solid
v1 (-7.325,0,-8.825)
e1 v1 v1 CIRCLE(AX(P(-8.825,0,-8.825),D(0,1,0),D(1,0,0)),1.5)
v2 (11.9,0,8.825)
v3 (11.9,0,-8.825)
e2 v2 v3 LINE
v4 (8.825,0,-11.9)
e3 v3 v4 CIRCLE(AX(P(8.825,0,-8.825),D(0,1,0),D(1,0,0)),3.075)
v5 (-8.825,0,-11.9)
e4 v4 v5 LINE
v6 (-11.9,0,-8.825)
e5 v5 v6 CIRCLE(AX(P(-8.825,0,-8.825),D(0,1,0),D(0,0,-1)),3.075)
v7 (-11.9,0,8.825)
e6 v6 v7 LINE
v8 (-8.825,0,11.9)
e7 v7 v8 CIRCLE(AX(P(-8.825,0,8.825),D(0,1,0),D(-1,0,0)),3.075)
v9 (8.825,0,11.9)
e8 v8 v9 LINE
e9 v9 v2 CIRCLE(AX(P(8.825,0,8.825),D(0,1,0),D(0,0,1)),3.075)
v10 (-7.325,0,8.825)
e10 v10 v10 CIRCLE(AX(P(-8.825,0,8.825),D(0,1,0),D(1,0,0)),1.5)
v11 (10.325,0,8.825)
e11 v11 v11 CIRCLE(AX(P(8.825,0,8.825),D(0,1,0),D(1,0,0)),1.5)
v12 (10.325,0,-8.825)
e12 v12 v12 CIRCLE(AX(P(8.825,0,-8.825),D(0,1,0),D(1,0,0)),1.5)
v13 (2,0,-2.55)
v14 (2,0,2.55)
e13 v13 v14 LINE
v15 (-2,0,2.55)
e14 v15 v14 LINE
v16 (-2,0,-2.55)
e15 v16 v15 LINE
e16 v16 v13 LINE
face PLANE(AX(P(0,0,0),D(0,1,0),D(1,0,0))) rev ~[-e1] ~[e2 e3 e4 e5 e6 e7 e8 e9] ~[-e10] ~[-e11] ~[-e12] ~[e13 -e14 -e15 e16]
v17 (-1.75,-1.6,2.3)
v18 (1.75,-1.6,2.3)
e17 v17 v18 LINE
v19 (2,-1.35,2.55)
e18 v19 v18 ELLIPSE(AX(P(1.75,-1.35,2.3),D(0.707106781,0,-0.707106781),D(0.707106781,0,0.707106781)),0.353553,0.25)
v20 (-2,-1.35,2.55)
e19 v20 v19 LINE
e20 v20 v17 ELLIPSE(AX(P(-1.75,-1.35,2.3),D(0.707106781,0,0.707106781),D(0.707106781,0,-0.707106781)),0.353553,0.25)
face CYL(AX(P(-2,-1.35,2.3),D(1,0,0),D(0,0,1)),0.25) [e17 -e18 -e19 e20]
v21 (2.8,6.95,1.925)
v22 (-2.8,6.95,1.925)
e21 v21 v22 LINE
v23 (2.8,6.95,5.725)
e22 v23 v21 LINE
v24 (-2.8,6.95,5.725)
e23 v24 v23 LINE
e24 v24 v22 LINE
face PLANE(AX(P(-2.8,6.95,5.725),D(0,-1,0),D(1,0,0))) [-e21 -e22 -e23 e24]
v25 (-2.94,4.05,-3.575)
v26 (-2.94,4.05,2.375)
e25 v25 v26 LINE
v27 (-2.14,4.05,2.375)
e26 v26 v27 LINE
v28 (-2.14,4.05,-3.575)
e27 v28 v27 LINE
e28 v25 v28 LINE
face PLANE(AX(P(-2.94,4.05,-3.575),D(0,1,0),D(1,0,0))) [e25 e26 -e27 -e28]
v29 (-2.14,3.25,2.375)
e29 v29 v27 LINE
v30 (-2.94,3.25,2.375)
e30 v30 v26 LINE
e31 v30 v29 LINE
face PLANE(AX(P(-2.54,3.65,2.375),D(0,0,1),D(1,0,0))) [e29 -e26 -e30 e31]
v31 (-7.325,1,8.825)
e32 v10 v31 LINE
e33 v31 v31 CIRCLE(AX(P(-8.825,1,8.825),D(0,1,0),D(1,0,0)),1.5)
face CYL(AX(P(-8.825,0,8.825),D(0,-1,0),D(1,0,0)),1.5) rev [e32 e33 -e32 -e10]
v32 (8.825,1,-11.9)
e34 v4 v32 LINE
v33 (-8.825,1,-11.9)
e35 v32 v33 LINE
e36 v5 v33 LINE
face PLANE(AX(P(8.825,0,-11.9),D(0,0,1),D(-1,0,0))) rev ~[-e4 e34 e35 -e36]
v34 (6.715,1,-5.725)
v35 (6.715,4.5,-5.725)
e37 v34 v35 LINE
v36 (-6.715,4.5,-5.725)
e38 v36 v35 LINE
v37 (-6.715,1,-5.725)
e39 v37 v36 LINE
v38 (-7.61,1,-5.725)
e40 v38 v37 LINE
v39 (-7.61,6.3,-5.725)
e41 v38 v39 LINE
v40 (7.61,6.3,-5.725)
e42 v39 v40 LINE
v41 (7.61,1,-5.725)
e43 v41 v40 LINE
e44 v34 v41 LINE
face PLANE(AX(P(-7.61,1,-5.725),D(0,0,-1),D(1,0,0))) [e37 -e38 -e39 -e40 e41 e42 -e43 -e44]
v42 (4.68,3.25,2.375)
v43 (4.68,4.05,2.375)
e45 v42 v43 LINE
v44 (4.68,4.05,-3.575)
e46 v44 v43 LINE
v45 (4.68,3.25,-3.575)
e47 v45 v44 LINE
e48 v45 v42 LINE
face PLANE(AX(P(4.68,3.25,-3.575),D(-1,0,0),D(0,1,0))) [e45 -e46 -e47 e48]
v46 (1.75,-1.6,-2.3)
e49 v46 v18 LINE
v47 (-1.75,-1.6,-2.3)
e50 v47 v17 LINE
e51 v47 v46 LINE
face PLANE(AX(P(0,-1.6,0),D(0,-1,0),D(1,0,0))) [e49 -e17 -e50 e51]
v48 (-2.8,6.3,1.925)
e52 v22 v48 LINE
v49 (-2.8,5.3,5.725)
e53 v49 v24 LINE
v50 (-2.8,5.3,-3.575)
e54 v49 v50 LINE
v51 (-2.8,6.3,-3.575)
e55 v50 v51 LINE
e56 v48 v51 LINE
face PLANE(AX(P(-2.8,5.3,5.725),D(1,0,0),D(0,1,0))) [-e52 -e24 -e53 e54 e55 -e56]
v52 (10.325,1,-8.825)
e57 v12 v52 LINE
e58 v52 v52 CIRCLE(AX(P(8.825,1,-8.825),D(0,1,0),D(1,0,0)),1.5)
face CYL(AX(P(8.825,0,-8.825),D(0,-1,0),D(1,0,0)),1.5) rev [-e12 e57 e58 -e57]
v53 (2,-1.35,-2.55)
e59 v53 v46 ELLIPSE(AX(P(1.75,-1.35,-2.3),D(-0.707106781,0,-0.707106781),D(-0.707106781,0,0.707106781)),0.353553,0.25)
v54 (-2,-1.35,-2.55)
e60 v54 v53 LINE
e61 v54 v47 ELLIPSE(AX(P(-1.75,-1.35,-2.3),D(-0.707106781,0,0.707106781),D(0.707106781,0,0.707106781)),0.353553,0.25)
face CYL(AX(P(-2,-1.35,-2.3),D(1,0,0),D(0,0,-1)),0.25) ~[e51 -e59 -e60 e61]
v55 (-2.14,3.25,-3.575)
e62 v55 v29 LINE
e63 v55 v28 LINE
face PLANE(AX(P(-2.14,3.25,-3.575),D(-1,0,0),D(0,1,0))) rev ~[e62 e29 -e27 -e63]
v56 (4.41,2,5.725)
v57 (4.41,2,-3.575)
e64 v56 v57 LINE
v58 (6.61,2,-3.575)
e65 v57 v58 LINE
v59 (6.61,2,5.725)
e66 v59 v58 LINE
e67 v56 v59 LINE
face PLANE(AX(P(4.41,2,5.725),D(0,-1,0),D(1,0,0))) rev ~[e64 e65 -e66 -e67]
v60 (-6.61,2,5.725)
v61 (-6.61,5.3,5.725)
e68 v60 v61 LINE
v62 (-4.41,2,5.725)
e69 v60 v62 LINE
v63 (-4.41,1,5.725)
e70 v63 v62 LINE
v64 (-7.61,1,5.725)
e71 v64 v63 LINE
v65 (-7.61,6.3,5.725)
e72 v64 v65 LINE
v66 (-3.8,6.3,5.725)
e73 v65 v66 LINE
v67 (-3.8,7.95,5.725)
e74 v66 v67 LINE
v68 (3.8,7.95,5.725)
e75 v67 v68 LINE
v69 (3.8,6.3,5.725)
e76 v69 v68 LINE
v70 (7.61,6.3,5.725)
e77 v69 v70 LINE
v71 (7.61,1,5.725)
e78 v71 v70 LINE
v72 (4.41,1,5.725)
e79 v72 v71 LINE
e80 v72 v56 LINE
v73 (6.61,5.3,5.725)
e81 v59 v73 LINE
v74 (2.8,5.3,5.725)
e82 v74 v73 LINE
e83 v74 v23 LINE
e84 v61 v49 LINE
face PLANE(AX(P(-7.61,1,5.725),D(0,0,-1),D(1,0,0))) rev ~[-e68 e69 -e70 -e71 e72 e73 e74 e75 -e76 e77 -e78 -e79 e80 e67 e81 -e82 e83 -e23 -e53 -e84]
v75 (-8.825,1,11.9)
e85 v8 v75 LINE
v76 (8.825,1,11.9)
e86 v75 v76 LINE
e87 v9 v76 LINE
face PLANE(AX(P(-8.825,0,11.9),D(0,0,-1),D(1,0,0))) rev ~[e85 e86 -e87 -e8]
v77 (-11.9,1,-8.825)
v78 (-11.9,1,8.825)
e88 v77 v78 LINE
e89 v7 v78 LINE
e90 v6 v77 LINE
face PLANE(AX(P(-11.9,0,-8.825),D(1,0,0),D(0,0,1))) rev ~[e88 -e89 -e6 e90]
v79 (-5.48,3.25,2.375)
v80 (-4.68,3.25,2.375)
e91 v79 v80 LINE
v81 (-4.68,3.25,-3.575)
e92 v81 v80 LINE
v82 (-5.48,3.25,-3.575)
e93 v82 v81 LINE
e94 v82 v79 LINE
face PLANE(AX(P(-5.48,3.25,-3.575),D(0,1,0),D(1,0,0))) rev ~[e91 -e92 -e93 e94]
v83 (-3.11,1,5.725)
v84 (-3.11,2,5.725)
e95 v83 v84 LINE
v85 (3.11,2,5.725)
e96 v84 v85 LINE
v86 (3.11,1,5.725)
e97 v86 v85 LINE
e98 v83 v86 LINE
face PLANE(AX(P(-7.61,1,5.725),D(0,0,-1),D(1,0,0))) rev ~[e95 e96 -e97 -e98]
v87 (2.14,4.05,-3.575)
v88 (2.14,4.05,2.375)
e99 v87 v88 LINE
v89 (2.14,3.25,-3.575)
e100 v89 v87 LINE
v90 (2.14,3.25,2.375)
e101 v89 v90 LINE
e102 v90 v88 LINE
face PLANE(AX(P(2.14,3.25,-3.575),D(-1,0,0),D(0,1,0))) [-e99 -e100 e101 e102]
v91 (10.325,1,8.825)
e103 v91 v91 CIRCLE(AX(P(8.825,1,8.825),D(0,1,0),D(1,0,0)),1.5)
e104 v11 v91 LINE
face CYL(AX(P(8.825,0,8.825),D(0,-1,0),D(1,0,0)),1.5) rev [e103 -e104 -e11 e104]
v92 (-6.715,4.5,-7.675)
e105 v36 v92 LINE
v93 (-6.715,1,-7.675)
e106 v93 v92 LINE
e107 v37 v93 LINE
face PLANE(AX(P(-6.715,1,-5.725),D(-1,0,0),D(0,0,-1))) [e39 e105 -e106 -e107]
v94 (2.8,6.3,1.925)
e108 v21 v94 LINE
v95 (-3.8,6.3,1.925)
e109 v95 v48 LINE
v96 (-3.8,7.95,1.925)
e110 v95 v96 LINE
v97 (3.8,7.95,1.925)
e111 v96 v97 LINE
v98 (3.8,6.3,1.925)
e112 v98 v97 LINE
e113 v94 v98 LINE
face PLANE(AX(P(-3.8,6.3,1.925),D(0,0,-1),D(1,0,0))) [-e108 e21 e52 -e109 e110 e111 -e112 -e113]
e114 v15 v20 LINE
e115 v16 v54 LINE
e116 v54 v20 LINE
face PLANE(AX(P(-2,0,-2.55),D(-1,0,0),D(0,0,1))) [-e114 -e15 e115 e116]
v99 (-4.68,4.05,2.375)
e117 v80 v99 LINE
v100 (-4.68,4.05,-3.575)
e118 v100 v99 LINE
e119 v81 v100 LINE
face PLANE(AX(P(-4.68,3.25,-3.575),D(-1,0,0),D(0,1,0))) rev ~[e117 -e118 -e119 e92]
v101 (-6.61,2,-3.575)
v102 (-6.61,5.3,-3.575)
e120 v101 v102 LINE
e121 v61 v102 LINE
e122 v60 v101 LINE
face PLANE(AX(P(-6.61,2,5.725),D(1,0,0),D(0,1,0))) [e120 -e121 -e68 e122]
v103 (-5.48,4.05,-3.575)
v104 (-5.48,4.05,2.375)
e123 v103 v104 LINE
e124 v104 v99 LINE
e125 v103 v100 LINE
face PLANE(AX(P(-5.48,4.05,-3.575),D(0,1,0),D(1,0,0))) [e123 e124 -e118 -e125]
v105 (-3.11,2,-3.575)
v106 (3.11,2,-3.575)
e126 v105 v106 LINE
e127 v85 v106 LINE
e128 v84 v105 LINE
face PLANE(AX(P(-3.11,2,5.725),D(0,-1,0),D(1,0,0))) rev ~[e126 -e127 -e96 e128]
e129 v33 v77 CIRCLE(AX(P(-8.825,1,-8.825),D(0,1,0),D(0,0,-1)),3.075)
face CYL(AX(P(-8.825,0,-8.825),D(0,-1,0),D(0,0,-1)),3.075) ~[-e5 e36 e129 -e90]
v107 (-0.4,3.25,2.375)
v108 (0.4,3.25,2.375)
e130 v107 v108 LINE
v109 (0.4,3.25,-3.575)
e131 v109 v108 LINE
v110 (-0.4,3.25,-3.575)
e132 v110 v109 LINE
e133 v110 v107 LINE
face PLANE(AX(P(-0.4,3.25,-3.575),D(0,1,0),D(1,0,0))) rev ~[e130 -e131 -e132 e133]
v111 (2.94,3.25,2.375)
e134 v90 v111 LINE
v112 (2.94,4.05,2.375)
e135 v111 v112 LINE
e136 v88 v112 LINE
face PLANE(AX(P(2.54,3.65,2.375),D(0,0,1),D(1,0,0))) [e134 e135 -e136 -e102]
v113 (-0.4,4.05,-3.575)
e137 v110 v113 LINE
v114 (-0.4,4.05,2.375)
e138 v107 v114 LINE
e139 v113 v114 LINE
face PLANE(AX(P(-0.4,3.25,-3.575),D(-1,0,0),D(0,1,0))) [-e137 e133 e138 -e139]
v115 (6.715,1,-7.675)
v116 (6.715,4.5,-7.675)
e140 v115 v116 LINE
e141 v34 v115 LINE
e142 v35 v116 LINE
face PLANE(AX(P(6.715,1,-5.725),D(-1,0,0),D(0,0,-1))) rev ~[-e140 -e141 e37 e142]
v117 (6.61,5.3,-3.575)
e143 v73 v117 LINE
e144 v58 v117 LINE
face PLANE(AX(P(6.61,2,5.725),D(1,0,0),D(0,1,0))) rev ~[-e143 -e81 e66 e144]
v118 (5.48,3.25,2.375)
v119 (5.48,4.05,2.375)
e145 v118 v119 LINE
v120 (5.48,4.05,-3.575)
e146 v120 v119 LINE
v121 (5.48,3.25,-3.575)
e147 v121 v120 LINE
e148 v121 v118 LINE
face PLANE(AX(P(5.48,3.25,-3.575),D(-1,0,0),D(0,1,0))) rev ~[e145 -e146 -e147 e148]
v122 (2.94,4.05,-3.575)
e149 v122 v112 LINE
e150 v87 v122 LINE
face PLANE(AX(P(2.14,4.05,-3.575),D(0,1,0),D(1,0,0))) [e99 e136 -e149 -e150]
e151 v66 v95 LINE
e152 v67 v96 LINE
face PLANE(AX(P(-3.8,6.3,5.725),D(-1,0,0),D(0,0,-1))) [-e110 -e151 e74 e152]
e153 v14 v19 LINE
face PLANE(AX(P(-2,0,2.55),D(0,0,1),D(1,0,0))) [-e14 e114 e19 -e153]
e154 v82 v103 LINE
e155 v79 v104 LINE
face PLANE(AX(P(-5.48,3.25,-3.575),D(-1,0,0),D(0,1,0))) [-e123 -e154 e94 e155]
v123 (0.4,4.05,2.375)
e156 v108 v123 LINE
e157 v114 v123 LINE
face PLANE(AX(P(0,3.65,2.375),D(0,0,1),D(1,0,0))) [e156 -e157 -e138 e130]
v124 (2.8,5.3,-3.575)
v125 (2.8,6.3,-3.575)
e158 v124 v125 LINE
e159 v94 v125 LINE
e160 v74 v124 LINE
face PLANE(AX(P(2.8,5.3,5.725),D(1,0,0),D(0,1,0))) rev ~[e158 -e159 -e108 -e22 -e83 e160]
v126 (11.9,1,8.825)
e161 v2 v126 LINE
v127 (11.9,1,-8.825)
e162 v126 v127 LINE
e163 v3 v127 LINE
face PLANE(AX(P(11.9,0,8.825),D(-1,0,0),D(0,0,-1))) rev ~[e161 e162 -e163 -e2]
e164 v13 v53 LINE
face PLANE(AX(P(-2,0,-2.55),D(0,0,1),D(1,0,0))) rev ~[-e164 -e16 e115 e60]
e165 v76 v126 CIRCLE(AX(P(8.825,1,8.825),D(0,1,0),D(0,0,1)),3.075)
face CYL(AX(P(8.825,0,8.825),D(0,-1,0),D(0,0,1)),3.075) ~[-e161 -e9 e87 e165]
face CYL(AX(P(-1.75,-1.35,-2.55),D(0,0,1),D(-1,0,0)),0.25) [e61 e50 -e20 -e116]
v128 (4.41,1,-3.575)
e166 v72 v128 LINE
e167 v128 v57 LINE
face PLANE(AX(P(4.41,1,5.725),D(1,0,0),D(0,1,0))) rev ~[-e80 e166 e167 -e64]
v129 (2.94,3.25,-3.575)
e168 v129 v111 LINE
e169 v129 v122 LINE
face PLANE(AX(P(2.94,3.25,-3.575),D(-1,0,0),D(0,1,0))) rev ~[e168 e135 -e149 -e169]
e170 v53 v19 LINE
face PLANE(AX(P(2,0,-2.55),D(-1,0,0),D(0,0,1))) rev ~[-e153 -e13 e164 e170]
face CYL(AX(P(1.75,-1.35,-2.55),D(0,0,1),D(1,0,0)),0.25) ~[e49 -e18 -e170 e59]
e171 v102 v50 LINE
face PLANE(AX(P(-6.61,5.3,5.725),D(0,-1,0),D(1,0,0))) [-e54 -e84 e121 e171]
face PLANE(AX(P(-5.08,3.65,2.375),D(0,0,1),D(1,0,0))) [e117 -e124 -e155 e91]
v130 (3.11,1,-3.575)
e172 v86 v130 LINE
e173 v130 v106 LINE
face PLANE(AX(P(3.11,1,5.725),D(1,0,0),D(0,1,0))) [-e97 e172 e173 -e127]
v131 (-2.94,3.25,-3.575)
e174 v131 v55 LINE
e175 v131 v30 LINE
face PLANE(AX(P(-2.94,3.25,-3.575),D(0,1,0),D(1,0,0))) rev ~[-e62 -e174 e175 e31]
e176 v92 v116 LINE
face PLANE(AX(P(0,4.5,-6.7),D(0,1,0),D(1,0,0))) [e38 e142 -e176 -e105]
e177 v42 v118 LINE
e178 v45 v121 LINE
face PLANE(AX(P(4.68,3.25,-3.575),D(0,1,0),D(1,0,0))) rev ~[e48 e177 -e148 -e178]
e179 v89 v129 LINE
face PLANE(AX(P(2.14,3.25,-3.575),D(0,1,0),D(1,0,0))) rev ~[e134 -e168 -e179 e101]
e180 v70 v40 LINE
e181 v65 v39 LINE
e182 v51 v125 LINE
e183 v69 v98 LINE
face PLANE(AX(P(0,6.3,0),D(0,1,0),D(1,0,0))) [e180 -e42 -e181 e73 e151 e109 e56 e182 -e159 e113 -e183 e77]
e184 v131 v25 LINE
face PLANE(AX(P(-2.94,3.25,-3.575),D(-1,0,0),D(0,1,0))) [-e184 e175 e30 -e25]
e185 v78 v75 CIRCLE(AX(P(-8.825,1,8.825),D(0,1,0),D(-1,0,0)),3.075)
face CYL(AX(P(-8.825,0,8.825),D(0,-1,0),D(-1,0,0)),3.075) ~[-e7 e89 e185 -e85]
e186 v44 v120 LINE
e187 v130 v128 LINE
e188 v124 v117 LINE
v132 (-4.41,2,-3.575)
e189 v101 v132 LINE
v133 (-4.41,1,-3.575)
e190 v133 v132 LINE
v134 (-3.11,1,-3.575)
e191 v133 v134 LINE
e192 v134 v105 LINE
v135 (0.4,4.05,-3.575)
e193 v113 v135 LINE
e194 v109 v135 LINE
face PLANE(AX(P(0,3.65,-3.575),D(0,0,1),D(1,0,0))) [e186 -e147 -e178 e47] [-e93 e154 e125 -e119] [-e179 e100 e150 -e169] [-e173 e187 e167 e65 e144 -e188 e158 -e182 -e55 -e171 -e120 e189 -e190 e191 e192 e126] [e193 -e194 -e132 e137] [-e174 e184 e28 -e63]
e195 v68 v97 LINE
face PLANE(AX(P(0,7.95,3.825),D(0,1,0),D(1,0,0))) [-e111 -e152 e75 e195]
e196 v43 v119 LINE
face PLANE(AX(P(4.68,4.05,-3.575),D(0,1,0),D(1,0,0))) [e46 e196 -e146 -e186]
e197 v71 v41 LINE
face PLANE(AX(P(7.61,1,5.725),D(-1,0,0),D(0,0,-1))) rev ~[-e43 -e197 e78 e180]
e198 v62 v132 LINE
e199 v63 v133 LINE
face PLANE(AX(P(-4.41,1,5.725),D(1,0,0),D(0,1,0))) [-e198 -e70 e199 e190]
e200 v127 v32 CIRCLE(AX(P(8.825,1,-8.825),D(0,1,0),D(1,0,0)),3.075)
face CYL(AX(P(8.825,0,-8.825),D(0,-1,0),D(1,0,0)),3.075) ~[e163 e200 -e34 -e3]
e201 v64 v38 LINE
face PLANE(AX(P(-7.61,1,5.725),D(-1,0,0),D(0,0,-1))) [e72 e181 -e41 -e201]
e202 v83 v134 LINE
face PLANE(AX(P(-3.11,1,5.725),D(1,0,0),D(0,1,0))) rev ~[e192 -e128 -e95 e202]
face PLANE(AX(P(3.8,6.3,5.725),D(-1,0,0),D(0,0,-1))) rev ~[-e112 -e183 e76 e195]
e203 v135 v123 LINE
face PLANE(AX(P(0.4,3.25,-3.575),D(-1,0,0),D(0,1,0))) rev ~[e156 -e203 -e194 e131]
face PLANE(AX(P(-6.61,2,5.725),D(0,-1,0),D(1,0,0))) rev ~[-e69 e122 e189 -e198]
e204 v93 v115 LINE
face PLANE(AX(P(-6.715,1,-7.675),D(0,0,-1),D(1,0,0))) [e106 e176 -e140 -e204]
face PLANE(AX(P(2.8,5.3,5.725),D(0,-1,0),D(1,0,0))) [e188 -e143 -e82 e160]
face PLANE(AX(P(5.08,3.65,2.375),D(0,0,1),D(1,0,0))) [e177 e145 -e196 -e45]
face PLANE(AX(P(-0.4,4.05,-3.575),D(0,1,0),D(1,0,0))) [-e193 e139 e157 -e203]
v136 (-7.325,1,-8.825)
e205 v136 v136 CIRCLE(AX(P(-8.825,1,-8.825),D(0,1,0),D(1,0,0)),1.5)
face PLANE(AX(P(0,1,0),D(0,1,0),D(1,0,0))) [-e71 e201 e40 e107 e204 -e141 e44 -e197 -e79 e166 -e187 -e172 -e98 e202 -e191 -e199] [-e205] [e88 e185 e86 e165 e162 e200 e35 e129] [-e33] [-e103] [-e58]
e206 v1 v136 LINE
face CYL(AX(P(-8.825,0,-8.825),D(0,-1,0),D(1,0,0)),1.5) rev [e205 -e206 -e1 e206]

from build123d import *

# Parameters (mm, degrees)
SKETCH1_R           = 1.5
BOSS_EXTRUDE1_DEPTH = 1
SKETCH2_W           = 15.22
SKETCH2_H           = 11.45
BOSS_EXTRUDE2_DEPTH = 5.3
SKETCH3_W           = 13.43
SKETCH3_H           = 1.95
BOSS_EXTRUDE3_DEPTH = 3.5
SKETCH5_W           = 7.6
SKETCH5_H           = 3.8
BOSS_EXTRUDE4_DEPTH = 1.65
SKETCH4_W           = 13.22
SKETCH4_H           = 3.3
SKETCH4_W_2         = 5.6
SKETCH4_H_2         = 1.65
SKETCH4_W_3         = 1.3
SKETCH4_H_3         = 1
CUT_EXTRUDE1_DEPTH  = 9.3
SKETCH6_W           = 0.8
SKETCH6_H           = 0.8
BOSS_EXTRUDE5_DEPTH = 5.95
SKETCH7_W           = 4
SKETCH7_H           = 5.1
BOSS_EXTRUDE6_DEPTH = 1.6
FILLET1_R           = 0.25


with BuildPart() as part:
    # Sketch1 → Boss-Extrude1 (new body)
    with BuildSketch(Plane(origin=(0, 0, 0), x_dir=(1, 0, 0), z_dir=(0, 1, 0))):
        with BuildLine():
            ThreePointArc((-11.9, -8.825), (-10.999353352, -10.999353352), (-8.825, -11.9))
            Line((-8.825, -11.9), (8.825, -11.9))
            ThreePointArc((8.825, -11.9), (10.999353352, -10.999353352), (11.9, -8.825))
            Line((11.9, -8.825), (11.9, 8.825))
            ThreePointArc((11.9, 8.825), (10.999353357, 10.999353347), (8.825000015, 11.9))
            Line((8.825000015, 11.9), (-8.825, 11.9))
            ThreePointArc((-8.825, 11.9), (-10.999353347, 10.999353357), (-11.9, 8.825000015))
            Line((-11.9, 8.825000015), (-11.9, -8.825))
        make_face()
        with Locations((8.825, -8.825)):
            Circle(SKETCH1_R, mode=Mode.SUBTRACT)
        with Locations((-8.825, -8.825)):
            Circle(SKETCH1_R, mode=Mode.SUBTRACT)
        with Locations((-8.825, 8.825)):
            Circle(SKETCH1_R, mode=Mode.SUBTRACT)
        with Locations((8.825, 8.825)):
            Circle(SKETCH1_R, mode=Mode.SUBTRACT)
    extrude(amount=BOSS_EXTRUDE1_DEPTH)

    # Sketch2 → Boss-Extrude2 (add)
    with BuildSketch(Plane(origin=(0, 1, 0), x_dir=(1, 0, 0), z_dir=(0, 1, 0))):
        Rectangle(SKETCH2_W, SKETCH2_H)
    extrude(amount=BOSS_EXTRUDE2_DEPTH)

    # Sketch3 → Boss-Extrude3 (add)
    with BuildSketch(Plane(origin=(0, 1, 0), x_dir=(1, 0, 0), z_dir=(0, 1, 0))):
        with Locations((0, 6.7)):
            Rectangle(SKETCH3_W, SKETCH3_H)
    extrude(amount=BOSS_EXTRUDE3_DEPTH)

    # Sketch5 → Boss-Extrude4 (add)
    with BuildSketch(Plane(origin=(0, 6.3, 0), x_dir=(1, 0, 0), z_dir=(0, 1, 0))):
        with Locations((0, -3.825)):
            Rectangle(SKETCH5_W, SKETCH5_H)
    extrude(amount=BOSS_EXTRUDE4_DEPTH)

    # Sketch4 → Cut-Extrude1 (cut)
    with BuildSketch(Plane.XY.offset(5.725)):
        with Locations((0, 3.65)):
            Rectangle(SKETCH4_W, SKETCH4_H)
        with Locations((0, 6.125)):
            Rectangle(SKETCH4_W_2, SKETCH4_H_2)
        with Locations((-3.76, 1.5)):
            Rectangle(SKETCH4_W_3, SKETCH4_H_3)
        with Locations((3.76, 1.5)):
            Rectangle(SKETCH4_W_3, SKETCH4_H_3)
    extrude(amount=-CUT_EXTRUDE1_DEPTH, mode=Mode.SUBTRACT)

    # Sketch6 → Boss-Extrude5 (add)
    with BuildSketch(Plane.XY.offset(-3.575)):
        with Locations((2.54, 3.65)):
            Rectangle(SKETCH6_W, SKETCH6_H)
        with Locations((0, 3.65)):
            Rectangle(SKETCH6_W, SKETCH6_H)
        with Locations((5.08, 3.65)):
            Rectangle(SKETCH6_W, SKETCH6_H)
        with Locations((-2.54, 3.65)):
            Rectangle(SKETCH6_W, SKETCH6_H)
        with Locations((-5.08, 3.65)):
            Rectangle(SKETCH6_W, SKETCH6_H)
    extrude(amount=BOSS_EXTRUDE5_DEPTH)

    # Sketch7 → Boss-Extrude6 (add)
    with BuildSketch(Plane.XZ):
        Rectangle(SKETCH7_W, SKETCH7_H)
    extrude(amount=BOSS_EXTRUDE6_DEPTH)

    # Fillet1
    fillet1_edges = [part.edges().sort_by_distance(p)[0] for p in [
        (2, -1.6, 0),
        (0, -1.6, 2.55),
        (-2, -1.6, 0),
        (0, -1.6, -2.55),
    ]]
    fillet(fillet1_edges, radius=FILLET1_R)


solid = part.part
